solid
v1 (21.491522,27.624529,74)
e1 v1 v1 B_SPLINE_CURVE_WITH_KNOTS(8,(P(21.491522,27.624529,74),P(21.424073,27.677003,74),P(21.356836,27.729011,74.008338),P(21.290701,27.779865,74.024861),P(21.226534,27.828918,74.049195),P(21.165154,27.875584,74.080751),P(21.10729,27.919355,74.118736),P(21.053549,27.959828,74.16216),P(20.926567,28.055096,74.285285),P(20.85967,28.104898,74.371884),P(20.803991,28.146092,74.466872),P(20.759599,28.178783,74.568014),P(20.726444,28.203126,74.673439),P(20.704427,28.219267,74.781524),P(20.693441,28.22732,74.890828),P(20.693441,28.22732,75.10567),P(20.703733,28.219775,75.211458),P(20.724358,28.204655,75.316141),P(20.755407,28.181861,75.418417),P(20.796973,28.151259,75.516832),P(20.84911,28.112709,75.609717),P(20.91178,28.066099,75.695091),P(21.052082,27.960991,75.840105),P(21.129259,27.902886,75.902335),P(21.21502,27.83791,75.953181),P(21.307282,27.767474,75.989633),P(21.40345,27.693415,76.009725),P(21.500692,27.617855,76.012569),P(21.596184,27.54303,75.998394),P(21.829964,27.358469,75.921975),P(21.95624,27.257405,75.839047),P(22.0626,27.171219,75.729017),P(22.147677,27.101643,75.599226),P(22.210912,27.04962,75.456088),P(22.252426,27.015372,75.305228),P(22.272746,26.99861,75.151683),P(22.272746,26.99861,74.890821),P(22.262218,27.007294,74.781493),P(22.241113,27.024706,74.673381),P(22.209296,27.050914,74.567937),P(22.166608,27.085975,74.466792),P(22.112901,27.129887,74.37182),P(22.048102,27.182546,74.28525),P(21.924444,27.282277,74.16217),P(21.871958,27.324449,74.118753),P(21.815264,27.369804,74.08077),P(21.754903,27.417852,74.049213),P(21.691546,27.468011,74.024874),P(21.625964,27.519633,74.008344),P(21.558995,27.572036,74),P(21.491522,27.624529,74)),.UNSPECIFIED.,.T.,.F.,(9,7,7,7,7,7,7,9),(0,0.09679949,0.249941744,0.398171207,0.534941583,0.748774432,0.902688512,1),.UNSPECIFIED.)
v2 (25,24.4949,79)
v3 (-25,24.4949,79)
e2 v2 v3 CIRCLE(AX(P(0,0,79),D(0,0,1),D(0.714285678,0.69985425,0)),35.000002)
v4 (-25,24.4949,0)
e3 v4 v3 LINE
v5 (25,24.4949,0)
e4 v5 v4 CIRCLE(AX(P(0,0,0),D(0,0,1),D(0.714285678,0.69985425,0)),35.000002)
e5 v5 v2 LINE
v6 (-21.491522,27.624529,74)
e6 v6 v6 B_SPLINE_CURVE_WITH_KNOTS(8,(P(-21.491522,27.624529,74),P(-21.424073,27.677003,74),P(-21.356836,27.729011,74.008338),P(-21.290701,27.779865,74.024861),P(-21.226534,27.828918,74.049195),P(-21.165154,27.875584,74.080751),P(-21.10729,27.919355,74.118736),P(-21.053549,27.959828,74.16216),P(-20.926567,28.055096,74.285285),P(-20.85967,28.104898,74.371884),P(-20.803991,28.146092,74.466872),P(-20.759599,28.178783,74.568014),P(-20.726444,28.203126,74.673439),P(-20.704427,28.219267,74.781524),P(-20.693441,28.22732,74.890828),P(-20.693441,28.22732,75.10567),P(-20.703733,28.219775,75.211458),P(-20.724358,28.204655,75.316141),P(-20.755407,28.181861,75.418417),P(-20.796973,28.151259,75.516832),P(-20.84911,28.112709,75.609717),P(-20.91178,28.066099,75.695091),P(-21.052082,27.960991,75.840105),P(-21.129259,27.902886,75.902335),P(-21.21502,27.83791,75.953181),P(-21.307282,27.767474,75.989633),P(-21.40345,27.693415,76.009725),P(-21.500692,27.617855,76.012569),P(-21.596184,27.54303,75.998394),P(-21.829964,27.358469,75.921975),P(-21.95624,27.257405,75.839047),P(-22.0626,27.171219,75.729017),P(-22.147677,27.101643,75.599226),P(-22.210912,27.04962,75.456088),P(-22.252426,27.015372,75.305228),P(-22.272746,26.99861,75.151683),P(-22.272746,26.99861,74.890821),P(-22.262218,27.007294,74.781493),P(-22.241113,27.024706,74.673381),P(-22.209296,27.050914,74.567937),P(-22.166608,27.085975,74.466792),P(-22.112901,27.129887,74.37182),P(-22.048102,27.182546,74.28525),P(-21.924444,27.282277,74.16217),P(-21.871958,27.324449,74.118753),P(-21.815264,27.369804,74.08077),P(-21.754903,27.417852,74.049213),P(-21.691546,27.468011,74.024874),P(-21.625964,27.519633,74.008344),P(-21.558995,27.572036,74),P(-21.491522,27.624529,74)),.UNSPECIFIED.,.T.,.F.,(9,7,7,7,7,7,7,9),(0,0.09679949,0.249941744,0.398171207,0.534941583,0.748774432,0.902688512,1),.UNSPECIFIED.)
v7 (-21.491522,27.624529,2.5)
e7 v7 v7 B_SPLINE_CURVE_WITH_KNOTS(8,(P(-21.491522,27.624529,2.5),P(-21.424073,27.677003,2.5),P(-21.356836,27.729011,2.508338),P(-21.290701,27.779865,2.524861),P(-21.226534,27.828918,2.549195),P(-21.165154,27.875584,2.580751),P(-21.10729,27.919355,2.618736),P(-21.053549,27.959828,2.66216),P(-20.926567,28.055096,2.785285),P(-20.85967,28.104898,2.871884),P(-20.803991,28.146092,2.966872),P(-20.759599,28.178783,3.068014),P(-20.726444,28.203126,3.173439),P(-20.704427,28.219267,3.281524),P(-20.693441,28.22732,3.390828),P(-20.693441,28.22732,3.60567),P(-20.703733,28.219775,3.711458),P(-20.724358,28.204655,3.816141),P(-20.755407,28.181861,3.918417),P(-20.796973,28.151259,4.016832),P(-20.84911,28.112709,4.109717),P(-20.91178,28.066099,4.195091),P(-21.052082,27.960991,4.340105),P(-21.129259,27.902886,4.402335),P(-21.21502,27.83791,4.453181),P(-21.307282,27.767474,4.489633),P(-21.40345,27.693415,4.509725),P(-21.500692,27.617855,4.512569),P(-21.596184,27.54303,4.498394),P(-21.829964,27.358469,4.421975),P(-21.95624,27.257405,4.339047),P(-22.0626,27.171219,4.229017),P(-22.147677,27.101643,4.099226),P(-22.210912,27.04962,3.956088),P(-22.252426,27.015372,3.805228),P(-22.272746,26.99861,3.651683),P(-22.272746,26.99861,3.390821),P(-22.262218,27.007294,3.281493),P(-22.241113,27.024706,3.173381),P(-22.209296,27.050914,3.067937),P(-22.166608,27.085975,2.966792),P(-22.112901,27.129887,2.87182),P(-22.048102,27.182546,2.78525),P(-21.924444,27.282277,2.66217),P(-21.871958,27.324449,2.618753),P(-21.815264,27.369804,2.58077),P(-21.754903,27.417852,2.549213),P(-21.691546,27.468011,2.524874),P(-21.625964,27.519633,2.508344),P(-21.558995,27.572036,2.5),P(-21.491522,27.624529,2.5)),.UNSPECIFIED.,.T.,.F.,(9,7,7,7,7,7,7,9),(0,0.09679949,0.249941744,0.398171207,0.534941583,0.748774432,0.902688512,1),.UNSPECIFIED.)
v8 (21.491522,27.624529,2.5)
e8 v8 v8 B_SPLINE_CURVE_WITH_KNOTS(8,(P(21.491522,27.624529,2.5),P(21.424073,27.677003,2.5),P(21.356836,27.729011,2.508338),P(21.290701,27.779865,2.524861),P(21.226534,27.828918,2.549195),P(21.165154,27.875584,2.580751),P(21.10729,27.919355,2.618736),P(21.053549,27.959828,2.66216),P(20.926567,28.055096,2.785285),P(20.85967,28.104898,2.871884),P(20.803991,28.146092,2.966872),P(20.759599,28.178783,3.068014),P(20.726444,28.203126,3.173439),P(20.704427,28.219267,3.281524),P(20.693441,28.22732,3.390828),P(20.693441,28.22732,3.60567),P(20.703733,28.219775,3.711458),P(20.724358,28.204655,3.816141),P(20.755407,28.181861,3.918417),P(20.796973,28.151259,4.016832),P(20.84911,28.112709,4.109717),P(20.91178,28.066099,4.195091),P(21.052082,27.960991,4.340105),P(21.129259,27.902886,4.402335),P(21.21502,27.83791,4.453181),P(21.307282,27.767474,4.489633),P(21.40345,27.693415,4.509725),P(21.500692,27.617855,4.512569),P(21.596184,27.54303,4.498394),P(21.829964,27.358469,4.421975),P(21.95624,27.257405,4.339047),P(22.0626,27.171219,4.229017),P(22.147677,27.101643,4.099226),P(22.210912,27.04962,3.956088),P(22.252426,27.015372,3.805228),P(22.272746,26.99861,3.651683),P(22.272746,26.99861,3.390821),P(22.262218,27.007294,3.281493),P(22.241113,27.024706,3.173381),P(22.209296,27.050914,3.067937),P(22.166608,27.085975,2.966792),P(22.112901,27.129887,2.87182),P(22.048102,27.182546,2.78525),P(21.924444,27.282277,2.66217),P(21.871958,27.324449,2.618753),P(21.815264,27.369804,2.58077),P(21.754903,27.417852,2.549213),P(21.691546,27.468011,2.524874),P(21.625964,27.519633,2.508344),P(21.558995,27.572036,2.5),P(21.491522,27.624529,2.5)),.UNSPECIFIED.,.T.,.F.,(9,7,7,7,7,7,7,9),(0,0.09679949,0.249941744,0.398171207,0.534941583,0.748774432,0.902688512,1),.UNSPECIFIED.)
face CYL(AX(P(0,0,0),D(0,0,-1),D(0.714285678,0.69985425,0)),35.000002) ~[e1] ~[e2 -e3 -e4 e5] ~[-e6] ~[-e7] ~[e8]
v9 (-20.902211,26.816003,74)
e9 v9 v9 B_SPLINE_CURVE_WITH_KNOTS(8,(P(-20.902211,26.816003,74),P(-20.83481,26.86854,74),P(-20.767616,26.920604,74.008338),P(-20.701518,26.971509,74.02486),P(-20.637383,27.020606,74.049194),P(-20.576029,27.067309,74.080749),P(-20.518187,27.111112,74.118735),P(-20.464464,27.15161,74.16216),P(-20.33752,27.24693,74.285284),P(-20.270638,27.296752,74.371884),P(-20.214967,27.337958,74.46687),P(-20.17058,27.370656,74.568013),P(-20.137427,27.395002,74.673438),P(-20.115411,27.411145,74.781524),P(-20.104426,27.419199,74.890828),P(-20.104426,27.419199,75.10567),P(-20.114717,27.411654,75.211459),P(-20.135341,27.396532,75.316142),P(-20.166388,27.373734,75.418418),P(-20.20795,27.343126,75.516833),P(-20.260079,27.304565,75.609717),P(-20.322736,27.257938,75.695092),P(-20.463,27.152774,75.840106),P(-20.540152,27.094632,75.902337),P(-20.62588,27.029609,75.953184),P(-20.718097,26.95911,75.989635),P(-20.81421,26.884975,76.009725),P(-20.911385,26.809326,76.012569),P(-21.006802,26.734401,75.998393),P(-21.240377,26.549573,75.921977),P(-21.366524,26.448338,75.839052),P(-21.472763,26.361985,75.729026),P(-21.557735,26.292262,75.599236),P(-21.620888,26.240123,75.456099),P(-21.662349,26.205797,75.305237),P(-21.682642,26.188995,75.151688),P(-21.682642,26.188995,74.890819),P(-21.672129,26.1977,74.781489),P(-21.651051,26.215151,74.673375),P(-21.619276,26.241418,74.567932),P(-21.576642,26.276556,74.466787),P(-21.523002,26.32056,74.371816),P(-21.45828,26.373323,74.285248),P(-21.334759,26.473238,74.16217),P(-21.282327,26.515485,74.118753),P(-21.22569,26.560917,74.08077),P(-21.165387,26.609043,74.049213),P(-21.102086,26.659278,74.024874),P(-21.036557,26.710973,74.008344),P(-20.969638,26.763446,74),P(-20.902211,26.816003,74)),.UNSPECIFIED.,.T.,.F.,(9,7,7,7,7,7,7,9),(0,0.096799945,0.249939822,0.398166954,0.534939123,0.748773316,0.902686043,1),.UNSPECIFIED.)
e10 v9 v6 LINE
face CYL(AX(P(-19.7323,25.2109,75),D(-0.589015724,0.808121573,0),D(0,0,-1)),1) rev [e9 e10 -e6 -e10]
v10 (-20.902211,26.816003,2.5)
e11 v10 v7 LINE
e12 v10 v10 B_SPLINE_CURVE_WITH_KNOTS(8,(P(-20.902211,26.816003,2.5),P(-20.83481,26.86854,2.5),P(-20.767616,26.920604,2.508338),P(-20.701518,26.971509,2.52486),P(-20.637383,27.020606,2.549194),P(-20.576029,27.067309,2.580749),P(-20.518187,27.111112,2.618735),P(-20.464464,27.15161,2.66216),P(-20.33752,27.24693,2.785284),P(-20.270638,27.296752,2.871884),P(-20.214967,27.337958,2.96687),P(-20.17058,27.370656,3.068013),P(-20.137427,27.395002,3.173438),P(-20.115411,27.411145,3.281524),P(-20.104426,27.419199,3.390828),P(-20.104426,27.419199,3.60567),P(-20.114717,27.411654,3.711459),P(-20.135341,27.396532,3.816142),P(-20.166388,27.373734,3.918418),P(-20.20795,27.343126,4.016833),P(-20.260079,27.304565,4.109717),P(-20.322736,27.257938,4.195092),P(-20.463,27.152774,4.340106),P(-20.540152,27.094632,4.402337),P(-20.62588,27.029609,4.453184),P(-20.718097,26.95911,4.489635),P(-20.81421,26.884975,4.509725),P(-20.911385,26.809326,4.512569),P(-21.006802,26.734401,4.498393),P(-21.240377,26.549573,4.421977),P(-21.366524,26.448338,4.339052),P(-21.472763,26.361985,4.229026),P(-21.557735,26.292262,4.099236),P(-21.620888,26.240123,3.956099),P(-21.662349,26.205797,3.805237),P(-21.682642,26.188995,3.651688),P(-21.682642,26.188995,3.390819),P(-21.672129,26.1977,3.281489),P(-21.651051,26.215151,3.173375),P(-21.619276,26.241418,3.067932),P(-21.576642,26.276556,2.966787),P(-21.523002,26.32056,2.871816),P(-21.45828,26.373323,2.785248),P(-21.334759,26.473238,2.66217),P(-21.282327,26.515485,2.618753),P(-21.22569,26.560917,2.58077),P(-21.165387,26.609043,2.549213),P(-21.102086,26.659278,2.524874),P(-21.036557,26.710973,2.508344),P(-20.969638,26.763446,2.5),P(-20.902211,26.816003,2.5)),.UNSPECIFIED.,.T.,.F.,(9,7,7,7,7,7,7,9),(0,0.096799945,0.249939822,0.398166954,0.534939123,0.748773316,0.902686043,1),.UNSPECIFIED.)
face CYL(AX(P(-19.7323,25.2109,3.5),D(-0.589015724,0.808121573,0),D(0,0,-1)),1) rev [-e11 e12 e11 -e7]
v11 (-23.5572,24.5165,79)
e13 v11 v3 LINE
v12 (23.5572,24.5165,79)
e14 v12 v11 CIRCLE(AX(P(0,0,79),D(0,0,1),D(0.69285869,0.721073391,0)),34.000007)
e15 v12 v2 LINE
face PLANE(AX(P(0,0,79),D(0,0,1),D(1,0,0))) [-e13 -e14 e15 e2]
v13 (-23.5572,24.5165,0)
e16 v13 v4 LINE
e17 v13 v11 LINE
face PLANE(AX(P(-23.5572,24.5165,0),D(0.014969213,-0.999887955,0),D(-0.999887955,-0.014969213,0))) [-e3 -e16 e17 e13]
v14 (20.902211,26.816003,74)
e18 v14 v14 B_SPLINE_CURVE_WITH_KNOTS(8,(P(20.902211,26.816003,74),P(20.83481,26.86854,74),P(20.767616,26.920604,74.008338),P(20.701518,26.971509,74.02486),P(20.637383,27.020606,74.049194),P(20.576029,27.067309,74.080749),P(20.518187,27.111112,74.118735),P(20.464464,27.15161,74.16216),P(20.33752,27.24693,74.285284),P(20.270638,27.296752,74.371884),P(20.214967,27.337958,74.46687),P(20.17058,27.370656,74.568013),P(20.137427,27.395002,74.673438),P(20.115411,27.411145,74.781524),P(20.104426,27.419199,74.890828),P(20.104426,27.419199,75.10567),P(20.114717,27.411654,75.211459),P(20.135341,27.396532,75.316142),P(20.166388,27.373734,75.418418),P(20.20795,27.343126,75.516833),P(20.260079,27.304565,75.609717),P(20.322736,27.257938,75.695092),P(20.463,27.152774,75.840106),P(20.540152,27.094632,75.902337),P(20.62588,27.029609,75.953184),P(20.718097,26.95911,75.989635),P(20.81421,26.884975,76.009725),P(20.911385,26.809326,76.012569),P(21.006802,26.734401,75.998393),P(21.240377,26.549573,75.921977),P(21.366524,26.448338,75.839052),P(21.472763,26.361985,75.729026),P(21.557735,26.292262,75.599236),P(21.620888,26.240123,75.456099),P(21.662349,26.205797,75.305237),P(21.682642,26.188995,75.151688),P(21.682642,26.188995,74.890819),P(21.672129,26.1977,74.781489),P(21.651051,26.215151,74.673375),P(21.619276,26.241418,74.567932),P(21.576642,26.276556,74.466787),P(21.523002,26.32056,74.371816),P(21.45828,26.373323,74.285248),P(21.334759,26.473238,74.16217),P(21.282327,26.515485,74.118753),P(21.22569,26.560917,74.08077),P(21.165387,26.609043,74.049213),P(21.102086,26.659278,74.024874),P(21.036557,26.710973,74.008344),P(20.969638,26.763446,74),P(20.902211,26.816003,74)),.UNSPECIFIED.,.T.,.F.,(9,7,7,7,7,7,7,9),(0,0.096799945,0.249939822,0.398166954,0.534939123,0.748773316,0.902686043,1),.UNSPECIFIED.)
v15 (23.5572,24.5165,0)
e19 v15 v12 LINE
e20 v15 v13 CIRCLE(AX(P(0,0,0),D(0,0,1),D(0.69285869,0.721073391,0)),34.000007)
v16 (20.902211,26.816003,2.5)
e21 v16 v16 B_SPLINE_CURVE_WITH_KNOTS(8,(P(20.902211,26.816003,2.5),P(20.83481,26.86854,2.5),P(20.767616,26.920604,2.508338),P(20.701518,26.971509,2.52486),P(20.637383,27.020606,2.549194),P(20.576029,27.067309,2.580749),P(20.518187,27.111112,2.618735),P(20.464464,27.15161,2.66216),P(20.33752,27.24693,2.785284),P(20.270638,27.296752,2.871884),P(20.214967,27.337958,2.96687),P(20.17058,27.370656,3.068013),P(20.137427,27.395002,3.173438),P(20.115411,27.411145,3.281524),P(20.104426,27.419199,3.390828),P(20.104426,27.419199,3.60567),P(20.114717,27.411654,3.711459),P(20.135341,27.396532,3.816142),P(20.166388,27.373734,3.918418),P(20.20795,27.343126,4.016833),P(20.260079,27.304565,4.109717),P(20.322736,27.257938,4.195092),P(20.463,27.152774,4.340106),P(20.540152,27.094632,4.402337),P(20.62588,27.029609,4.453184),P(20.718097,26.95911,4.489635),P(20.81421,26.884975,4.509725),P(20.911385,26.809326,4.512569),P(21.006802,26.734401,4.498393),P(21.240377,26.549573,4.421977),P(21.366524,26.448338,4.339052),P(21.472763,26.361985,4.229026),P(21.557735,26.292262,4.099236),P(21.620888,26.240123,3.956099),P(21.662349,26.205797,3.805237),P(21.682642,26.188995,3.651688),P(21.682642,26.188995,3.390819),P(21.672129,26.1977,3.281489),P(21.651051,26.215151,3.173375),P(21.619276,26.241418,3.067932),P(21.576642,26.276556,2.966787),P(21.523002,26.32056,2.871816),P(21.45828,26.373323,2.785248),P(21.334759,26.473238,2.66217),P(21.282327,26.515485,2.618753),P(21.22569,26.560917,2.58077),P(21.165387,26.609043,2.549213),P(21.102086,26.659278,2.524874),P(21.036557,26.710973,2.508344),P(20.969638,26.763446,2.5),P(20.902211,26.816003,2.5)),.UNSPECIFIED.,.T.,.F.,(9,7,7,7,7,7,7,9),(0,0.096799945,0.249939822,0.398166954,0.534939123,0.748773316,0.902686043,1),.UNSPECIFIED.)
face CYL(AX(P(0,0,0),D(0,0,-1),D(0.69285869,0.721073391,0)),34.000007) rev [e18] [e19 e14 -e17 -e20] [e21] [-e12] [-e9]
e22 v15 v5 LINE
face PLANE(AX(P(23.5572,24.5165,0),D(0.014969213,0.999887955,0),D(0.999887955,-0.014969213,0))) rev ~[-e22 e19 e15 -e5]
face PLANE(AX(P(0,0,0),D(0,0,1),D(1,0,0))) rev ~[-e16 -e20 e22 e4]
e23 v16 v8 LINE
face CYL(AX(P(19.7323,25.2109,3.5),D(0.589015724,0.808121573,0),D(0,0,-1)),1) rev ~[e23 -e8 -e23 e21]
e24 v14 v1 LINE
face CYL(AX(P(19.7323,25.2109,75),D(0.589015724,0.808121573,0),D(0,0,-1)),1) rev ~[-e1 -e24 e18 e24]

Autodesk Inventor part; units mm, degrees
ref_plane "YZ Plane" through (0, 0, 0) normal (1, 0, 0) x (0, 1, 0)
sketch "Sketch8" plane through (0, 0, 0) normal (0, 0, 1) x (1, 0, 0)
  arc A0 (23.5572, 24.5165) -> (-23.5572, 24.5165) centre (0, 0) ccw
  arc A1 (25, 24.4949) -> (-25, 24.4949) centre (0, 0) ccw
  line L0 (-23.5572, 24.5165) -> (-25, 24.4949)
  line L1 (-24.431, 23.6769) -> (-22.7081, 25.3323) construction
  line L2 (22.7844, 25.2591) -> (24.3419, 23.7625) construction
  line L3 (23.5572, 24.5165) -> (25, 24.4949)
  line L4 (-25, 24.4949) -> (25, 24.4949) construction
  dimension "d88" = 34
  dimension "d89" = 35
  dimension "d90" = 0
  dimension "d91" = 137
  dimension "d92" = 0
  dimension "d93" = 137
  dimension "d98" = 50
extrude "Extrusion5" add sketch "Sketch8" along normal blind 79
sketch "Sketch19" plane through (0, 0, 79) normal (0, 0, 1) x (1, 0, 0)
  line L0 (-25, 24.4949) -> (-23.5572, 24.5165) construction
  line L1 (-22.2755, 25.021) -> (-7.4699, 32.6566) construction
  arc A0 (22.2755, 25.021) -> (-22.2755, 25.021) centre (0, 0) ccw construction
  dimension "d162" = 32.448
sketch "Sketch22" plane through (0, 0, 79) normal (0, 0, 1) x (1, 0, 0)
  line L0 (0, 0) -> (23.9071, 24.8806) construction
  line L1 (0, 0) -> (31.302, 21.2274) construction
  arc A0 (23.5572, 24.5165) -> (-23.5572, 24.5165) centre (0, 0) ccw construction
  arc A1 (29.7973, 16.3744) -> (23.5572, 24.5165) centre (0, 0) ccw construction
  line L2 (28.1397, 19.0829) -> (9.553, 32.6304) construction
  point P0 (19.5664, 25.3318)
  dimension "d175" = 12
  dimension "d176" = 23
  dimension "d177" = 0
  dimension "d178" = 10.609
sketch "Sketch23" plane through (0, 0, 0) normal (0, 0, -1) x (-1, 0, 0)
  arc A0 (23.5572, 24.5165) -> (-23.5572, 24.5165) centre (0, 0) ccw projected
  line L0 (0, 0) -> (-23.5572, 24.5165) construction
  line L1 (0, 0) -> (-31.0154, 21.0331) construction
  arc A1 (-23.5572, 24.5165) -> (-29.6271, 16.6805) centre (0, 0) ccw construction
  line L2 (-28.1397, 19.0829) -> (-9.553, 32.6304) construction
  dimension "d179" = 12
  dimension "d180" = 23
ref_plane "Work Plane12" through (28.1397, 19.0829, 79) normal (-0.589, -0.8081, 0) x (-0.8081, 0.589, 0)
sketch "Sketch24" plane through (28.1397, 19.0829, 79) normal (-0.589, -0.8081, 0) x (-0.8081, 0.589, 0)
  line L0 (6.9037, 79) -> (6.9037, 0) projected
  line L1 (44.9777, 0) -> (6.9037, 0) projected
  line L2 (44.9777, 79) -> (6.9037, 79) projected
  point P0 (11.5, 79)
  point P1 (10.4037, 75.5)
  point P2 (10.4037, 4)
  dimension "d181" = 3.5
  dimension "d182" = 4
  dimension "d183" = 3.5
  dimension "d184" = 3.5
hole "Hole11" at (19.7323, 25.2109, 3.5) at (19.7323, 25.2109, 75) direction (0.589, 0.8081, 0) diameter 2 end through all
ref_plane "Work Plane13" through (0, 24.8688, 0) normal (1, 0, 0) x (0, 0, 1)
mirror "Mirror2" about plane through (0, 24.8688, 0) normal (1, 0, 0) of "Hole11"
properties part number "Electronics Door"
